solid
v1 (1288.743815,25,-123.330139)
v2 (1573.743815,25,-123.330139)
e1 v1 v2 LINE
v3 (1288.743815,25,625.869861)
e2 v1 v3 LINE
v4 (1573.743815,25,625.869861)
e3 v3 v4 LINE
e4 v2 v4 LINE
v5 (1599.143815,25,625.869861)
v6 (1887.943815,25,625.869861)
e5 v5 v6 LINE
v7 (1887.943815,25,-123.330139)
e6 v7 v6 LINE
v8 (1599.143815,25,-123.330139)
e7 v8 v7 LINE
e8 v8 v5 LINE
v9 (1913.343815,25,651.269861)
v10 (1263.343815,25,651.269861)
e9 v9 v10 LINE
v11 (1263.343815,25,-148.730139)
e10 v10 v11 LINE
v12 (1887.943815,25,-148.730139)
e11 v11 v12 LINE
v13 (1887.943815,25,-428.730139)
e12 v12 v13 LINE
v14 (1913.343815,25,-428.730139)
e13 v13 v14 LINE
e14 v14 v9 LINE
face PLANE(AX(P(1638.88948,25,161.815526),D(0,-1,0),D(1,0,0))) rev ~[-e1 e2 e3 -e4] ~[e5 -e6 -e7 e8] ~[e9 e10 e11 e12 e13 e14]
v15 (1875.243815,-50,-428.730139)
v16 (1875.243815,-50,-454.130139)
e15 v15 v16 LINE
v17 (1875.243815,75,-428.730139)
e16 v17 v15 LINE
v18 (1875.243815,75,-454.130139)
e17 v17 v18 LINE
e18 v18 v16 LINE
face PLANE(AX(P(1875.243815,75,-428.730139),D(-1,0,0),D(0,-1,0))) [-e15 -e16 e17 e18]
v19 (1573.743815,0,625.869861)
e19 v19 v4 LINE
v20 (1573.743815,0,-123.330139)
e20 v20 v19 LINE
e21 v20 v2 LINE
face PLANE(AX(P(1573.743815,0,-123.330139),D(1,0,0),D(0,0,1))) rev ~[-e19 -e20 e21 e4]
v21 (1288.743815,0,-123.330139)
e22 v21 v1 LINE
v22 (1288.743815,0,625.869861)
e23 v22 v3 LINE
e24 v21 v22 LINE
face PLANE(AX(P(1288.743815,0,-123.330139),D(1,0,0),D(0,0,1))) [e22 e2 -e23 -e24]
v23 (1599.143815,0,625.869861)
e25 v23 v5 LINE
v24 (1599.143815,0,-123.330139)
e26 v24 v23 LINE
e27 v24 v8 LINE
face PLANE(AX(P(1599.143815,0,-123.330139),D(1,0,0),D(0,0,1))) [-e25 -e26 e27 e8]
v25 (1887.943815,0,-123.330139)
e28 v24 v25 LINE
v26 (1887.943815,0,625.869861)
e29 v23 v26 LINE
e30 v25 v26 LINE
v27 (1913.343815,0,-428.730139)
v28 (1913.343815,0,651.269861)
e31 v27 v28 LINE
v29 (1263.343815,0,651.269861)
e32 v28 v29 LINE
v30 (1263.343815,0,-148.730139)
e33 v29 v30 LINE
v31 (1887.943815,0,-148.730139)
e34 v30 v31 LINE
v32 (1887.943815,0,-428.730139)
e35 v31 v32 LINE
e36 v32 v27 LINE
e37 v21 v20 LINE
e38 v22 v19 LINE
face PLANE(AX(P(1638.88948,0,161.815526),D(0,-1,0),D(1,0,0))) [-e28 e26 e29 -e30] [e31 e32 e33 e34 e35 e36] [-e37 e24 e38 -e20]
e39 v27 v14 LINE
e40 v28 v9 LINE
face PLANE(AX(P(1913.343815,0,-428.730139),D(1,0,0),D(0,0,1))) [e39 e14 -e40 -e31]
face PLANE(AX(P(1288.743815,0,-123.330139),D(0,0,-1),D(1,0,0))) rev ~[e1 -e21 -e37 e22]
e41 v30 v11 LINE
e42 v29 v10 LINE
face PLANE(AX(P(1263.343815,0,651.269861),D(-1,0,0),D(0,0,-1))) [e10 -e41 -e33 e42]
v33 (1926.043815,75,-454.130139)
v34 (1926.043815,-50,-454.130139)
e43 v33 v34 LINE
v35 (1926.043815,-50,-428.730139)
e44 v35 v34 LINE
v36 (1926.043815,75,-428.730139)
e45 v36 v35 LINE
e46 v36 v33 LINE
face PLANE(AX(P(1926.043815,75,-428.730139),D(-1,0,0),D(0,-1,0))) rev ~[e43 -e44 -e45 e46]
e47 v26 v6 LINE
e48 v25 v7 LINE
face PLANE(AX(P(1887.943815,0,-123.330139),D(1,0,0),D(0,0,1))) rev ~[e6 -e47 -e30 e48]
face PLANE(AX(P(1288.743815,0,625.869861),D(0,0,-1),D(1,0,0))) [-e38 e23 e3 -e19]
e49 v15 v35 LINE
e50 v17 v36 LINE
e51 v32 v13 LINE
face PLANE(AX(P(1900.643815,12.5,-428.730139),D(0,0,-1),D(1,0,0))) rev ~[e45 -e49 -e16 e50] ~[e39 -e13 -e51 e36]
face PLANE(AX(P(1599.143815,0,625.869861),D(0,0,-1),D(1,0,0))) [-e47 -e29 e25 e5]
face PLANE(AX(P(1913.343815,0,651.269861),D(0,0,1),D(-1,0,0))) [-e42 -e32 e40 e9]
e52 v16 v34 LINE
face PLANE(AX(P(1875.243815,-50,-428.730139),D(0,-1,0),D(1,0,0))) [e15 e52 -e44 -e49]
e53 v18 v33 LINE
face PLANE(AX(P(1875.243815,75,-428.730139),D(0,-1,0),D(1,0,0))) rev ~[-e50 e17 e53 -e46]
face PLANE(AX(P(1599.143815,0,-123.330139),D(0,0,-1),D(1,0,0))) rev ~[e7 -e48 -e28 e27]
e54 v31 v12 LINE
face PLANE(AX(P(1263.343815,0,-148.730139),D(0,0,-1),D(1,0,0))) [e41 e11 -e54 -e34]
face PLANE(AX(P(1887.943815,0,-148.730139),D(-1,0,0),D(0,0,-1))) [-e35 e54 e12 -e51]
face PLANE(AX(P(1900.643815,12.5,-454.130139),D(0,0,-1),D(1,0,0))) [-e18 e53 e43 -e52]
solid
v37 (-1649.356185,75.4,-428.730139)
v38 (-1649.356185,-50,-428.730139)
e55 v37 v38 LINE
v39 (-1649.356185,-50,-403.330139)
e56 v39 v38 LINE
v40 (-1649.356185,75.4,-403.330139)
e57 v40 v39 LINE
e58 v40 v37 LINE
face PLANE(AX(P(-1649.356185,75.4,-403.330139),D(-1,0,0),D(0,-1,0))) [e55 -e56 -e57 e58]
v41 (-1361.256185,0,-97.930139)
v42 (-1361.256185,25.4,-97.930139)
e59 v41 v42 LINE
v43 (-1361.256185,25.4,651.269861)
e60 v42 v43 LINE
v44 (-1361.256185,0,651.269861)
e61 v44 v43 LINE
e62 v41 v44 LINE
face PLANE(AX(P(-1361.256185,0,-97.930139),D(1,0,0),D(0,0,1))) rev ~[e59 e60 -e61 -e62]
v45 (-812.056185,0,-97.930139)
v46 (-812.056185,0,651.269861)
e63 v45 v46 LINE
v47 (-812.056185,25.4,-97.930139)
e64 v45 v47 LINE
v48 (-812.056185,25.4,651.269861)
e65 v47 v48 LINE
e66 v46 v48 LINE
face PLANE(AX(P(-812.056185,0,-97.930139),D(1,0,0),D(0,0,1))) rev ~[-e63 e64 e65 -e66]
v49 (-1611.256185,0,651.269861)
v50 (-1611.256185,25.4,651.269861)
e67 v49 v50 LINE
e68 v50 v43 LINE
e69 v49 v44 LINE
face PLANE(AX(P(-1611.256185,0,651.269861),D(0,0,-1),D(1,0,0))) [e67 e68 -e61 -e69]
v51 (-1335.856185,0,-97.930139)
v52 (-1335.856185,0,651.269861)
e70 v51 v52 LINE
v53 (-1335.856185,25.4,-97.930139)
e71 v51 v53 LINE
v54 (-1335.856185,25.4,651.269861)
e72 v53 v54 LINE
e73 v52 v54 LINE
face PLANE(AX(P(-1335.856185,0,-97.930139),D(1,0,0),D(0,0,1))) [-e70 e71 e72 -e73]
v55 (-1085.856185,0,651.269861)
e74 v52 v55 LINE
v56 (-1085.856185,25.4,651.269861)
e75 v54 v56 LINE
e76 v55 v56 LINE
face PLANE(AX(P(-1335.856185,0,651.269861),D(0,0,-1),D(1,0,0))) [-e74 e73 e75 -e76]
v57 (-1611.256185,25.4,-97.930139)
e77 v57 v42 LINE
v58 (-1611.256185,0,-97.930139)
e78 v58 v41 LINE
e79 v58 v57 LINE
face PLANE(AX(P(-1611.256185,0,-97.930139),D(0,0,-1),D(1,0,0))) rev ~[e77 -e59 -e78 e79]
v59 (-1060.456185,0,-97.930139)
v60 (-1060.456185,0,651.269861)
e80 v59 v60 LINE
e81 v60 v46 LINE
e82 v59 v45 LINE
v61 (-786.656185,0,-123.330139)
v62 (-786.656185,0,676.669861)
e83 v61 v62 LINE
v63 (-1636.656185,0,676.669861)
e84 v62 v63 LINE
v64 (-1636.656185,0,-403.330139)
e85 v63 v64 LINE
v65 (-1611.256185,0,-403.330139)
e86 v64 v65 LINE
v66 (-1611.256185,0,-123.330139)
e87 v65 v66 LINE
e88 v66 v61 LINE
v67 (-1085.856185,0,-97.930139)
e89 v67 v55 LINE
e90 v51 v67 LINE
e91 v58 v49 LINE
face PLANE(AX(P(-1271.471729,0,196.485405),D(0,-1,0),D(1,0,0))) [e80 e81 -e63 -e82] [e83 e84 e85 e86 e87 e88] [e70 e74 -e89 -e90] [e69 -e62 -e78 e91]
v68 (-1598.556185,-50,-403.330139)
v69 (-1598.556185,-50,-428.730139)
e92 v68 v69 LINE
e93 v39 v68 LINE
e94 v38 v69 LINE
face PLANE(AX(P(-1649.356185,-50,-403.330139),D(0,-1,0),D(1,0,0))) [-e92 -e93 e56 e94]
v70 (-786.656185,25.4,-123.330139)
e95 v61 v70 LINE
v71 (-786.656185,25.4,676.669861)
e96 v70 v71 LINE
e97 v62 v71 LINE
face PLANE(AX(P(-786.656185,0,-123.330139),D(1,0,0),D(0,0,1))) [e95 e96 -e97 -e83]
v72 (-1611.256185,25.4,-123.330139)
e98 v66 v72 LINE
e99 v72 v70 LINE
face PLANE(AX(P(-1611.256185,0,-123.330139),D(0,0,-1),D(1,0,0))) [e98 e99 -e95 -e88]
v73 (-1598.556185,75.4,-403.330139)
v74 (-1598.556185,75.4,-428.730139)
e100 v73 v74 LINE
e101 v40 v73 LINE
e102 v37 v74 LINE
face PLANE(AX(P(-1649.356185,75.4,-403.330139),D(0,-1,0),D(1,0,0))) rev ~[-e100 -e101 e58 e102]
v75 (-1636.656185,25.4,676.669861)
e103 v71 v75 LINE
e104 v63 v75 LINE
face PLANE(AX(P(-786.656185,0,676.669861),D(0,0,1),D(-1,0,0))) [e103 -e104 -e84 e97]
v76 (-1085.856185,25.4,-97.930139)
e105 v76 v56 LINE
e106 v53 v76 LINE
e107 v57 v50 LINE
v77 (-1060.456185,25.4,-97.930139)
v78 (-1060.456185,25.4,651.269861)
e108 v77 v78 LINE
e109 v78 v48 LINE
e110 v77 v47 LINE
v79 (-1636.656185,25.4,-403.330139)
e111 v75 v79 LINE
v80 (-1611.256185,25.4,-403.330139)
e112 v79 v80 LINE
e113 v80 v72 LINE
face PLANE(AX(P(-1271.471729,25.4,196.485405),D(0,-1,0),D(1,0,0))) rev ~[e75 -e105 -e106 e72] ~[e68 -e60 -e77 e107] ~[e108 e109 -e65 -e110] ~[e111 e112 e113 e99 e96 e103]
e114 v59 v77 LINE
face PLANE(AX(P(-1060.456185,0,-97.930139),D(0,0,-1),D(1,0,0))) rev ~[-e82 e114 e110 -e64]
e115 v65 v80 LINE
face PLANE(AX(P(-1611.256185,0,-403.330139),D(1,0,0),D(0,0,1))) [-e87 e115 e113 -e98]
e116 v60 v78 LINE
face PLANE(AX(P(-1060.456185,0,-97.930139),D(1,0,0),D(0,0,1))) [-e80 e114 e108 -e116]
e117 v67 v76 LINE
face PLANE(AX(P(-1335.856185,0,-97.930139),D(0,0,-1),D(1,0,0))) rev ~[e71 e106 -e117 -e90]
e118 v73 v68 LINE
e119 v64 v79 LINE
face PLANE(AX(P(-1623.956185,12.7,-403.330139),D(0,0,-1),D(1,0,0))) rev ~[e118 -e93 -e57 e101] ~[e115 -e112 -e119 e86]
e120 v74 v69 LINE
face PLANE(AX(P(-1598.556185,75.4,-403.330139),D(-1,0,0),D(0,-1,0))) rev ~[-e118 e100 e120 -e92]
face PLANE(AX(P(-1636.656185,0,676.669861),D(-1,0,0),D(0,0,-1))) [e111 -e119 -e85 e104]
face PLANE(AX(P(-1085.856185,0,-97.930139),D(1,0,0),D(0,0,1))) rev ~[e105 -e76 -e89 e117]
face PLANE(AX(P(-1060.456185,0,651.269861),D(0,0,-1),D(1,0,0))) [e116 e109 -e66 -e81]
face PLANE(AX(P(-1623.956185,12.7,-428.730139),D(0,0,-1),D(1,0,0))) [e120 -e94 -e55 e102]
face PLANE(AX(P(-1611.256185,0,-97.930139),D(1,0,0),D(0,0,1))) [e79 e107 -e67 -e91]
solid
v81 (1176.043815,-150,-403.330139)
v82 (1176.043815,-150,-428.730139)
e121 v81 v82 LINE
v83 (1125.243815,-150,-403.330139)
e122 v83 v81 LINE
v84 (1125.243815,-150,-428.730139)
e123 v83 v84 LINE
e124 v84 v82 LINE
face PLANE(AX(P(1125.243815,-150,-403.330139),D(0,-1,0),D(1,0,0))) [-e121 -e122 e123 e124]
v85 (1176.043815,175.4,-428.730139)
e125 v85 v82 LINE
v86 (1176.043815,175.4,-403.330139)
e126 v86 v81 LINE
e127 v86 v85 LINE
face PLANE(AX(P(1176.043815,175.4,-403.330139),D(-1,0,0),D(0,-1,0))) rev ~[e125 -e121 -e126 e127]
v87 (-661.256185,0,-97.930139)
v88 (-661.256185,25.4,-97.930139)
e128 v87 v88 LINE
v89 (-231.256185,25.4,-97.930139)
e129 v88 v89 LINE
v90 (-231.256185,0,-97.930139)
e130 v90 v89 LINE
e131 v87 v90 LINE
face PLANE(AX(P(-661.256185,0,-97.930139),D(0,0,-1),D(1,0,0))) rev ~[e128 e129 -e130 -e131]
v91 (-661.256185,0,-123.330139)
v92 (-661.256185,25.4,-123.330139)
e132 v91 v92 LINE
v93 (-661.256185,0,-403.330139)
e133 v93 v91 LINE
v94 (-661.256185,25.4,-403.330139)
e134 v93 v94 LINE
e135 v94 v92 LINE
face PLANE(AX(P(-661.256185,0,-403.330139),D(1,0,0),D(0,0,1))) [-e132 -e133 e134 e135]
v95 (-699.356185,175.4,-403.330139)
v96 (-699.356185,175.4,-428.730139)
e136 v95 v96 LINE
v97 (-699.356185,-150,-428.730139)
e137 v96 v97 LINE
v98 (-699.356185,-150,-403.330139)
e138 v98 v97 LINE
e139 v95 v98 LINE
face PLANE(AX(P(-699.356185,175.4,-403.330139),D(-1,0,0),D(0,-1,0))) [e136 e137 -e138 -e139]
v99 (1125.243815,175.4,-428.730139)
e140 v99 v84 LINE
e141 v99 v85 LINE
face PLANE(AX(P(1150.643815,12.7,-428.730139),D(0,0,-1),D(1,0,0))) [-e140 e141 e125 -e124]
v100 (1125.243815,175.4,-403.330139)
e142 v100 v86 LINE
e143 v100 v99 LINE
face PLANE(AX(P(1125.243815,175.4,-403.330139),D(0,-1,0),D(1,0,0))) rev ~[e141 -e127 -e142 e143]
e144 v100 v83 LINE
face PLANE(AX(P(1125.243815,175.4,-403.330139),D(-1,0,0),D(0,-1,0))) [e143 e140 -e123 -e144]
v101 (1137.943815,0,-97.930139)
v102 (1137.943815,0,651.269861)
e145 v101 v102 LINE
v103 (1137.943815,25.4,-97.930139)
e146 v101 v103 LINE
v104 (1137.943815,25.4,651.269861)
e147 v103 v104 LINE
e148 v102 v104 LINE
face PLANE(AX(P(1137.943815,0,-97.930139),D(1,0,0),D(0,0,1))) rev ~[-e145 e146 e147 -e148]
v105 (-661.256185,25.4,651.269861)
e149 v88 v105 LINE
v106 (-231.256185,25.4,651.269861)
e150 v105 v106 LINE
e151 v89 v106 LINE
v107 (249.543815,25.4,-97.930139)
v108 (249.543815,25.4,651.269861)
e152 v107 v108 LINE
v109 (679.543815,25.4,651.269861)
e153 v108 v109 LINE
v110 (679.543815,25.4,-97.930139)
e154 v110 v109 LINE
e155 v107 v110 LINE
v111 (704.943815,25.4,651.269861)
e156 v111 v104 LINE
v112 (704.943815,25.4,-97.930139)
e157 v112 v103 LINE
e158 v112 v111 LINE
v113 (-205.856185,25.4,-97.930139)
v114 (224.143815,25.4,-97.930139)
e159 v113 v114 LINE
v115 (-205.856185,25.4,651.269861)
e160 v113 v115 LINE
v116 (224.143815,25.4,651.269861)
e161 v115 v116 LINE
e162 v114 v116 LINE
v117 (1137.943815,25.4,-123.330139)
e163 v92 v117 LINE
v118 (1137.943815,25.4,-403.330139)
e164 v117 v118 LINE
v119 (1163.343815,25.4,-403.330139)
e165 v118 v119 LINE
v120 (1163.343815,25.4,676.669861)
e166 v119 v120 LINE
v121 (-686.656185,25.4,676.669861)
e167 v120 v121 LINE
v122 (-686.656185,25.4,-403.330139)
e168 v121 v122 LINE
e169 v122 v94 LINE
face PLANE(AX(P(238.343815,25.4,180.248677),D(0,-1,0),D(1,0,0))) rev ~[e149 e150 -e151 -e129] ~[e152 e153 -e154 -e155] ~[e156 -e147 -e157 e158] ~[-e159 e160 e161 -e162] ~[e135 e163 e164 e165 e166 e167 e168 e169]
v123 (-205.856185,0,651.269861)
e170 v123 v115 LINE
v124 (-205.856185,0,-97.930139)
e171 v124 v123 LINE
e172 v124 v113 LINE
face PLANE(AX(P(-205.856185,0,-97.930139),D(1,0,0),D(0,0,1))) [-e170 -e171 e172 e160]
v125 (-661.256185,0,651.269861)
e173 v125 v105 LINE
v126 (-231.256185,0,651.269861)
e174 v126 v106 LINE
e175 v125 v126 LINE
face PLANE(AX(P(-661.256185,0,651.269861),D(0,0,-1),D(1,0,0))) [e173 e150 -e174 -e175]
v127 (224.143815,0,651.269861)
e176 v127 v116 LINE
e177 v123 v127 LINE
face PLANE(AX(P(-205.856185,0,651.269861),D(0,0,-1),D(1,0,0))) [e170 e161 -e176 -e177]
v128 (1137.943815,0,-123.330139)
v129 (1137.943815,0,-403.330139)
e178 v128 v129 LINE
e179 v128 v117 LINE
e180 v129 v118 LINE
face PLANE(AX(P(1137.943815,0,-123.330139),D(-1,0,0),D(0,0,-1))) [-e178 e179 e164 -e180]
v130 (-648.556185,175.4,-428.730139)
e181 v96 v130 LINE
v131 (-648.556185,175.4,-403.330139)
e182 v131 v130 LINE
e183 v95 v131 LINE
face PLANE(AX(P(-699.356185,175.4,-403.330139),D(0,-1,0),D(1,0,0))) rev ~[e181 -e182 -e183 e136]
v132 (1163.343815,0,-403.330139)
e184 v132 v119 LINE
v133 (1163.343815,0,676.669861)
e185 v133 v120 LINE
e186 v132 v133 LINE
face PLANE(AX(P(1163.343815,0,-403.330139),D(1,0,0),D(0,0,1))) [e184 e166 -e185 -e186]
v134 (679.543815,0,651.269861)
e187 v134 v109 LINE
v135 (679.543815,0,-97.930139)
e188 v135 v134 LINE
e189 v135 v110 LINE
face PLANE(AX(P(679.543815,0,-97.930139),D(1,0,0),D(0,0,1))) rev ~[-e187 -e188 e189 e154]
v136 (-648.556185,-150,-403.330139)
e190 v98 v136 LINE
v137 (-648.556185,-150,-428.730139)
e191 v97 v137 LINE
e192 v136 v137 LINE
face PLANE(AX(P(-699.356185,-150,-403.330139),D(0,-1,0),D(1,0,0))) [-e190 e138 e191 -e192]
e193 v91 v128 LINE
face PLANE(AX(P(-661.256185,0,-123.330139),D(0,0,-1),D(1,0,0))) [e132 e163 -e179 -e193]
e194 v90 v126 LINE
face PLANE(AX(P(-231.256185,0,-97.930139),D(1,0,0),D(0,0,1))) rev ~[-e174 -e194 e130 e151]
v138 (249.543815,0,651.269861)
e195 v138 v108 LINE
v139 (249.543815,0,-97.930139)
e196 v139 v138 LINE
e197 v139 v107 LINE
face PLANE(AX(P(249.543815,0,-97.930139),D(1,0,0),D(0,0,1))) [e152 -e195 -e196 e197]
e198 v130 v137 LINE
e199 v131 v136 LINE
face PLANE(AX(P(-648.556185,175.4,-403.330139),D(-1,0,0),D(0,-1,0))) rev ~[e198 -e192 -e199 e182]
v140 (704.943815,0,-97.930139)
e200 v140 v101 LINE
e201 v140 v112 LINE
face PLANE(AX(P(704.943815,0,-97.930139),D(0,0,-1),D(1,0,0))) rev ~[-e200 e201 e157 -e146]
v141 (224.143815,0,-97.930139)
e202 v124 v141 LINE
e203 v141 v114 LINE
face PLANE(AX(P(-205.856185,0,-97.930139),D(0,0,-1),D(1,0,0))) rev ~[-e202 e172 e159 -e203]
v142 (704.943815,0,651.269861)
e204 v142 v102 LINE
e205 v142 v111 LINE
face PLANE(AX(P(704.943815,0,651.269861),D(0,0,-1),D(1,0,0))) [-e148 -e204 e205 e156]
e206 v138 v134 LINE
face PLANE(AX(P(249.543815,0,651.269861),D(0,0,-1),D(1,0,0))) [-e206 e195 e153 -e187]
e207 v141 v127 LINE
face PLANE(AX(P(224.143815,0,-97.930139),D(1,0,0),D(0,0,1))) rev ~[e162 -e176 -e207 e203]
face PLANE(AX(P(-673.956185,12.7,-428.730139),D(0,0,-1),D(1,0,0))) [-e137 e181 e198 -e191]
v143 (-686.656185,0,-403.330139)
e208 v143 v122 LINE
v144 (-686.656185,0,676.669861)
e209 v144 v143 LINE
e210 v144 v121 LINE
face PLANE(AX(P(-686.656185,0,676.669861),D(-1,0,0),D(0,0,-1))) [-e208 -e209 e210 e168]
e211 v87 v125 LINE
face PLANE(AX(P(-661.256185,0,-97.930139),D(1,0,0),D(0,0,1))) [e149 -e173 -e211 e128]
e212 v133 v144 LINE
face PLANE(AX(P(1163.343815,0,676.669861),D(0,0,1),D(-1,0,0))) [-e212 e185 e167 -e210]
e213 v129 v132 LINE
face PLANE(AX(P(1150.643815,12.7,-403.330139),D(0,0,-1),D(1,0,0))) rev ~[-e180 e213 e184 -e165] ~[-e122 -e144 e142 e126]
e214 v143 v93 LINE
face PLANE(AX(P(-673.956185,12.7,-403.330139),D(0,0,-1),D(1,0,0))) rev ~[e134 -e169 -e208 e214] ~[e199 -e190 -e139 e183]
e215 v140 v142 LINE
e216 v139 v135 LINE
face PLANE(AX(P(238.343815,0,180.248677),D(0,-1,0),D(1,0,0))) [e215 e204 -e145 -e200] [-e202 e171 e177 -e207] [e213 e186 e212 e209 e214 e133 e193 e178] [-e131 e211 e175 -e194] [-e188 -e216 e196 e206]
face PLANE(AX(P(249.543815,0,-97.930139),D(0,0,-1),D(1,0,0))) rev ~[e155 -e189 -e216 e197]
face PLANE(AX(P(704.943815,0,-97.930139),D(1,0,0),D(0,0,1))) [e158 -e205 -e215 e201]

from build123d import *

# Parameters (mm, degrees)
F1_DEPTH  = 25.4
F2_W      = 430
F2_H      = 749.2
F2_W_2    = 433
F3_DEPTH  = 25.4
F4_W      = 50.8
F4_H      = 325.4
F5_DEPTH  = 25.4
F7_DEPTH  = 25
F8_W      = 285
F8_H      = 749.2
F8_W_2    = 288.8
F9_DEPTH  = 26
F10_W     = 250
F10_H     = 749.2
F10_W_2   = 248.4
F11_DEPTH = 25.4
F12_W     = 50.8
F12_H     = 125
F13_DEPTH = 25.4
F14_W     = 50.8
F14_H     = 125.4
F15_DEPTH = 25.4


with BuildPart() as f1:
    # F0 (on Front) → F1 (new body)
    with BuildSketch(Plane.XZ):
        Polygon((-686.656185, 676.669861), (-686.656185, -403.330139), (-661.256185, -403.330139), (-661.256185, -123.330139), (1137.943815, -123.330139), (1137.943815, -403.330139), (1163.343815, -403.330139), (1163.343815, 676.669861), align=None)
    extrude(amount=-F1_DEPTH)

    # F2 (on face) → F3 (cut)
    with BuildSketch(Plane.XZ):
        with Locations((9.143815, 276.669861)):
            Rectangle(F2_W, F2_H)
        with Locations((464.543815, 276.669861)):
            Rectangle(F2_W, F2_H)
        with Locations((921.443815, 276.669861)):
            Rectangle(F2_W_2, F2_H)
        with Locations((-446.256185, 276.669861)):
            Rectangle(F2_W, F2_H)
    extrude(amount=-F3_DEPTH, mode=Mode.SUBTRACT)

    # F4 (on face) → F5 (join)
    with BuildSketch(Plane(origin=(0, 0, -403.330139), x_dir=(1, 0, 0), z_dir=(0, 0, -1))):
        with Locations((1150.643815, -12.7)):
            Rectangle(F4_W, F4_H)
        with Locations((-673.956185, -12.7)):
            Rectangle(F4_W, F4_H)
    extrude(amount=F5_DEPTH)


with BuildPart() as f7:
    # F6 (on face) → F7 (new body)
    with BuildSketch(Plane.XZ):
        Polygon((1913.343815, 651.269861), (1263.343815, 651.269861), (1263.343815, -148.730139), (1887.943815, -148.730139), (1887.943815, -428.730139), (1913.343815, -428.730139), align=None)
    extrude(amount=-F7_DEPTH)

    # F8 (on face) → F9 (cut)
    with BuildSketch(Plane.XZ):
        with Locations((1431.243815, 251.269861)):
            Rectangle(F8_W, F8_H)
        with Locations((1743.543815, 251.269861)):
            Rectangle(F8_W_2, F8_H)
    extrude(amount=-F9_DEPTH, mode=Mode.SUBTRACT)

    # F12 (on face) → F13 (join)
    with BuildSketch(Plane(origin=(0, 0, -428.730139), x_dir=(1, 0, 0), z_dir=(0, 0, -1))):
        with Locations((1900.643815, -12.5)):
            Rectangle(F12_W, F12_H)
    extrude(amount=F13_DEPTH)


with BuildPart() as f11:
    # F10 (on face) → F11 (new body)
    with BuildSketch(Plane.XZ):
        Polygon((-786.656185, -123.330139), (-786.656185, 676.669861), (-1636.656185, 676.669861), (-1636.656185, -403.330139), (-1611.256185, -403.330139), (-1611.256185, -123.330139), align=None)
        with Locations((-1486.256185, 276.669861)):
            Rectangle(F10_W, F10_H, mode=Mode.SUBTRACT)
        with Locations((-1210.856185, 276.669861)):
            Rectangle(F10_W, F10_H, mode=Mode.SUBTRACT)
        with Locations((-936.256185, 276.669861)):
            Rectangle(F10_W_2, F10_H, mode=Mode.SUBTRACT)
    extrude(amount=-F11_DEPTH)

    # F14 (on face) → F15 (join)
    with BuildSketch(Plane(origin=(0, 0, -403.330139), x_dir=(1, 0, 0), z_dir=(0, 0, -1))):
        with Locations((-1623.956185, -12.7)):
            Rectangle(F14_W, F14_H)
    extrude(amount=F15_DEPTH)


solid = Compound([f1.part, f7.part, f11.part])
